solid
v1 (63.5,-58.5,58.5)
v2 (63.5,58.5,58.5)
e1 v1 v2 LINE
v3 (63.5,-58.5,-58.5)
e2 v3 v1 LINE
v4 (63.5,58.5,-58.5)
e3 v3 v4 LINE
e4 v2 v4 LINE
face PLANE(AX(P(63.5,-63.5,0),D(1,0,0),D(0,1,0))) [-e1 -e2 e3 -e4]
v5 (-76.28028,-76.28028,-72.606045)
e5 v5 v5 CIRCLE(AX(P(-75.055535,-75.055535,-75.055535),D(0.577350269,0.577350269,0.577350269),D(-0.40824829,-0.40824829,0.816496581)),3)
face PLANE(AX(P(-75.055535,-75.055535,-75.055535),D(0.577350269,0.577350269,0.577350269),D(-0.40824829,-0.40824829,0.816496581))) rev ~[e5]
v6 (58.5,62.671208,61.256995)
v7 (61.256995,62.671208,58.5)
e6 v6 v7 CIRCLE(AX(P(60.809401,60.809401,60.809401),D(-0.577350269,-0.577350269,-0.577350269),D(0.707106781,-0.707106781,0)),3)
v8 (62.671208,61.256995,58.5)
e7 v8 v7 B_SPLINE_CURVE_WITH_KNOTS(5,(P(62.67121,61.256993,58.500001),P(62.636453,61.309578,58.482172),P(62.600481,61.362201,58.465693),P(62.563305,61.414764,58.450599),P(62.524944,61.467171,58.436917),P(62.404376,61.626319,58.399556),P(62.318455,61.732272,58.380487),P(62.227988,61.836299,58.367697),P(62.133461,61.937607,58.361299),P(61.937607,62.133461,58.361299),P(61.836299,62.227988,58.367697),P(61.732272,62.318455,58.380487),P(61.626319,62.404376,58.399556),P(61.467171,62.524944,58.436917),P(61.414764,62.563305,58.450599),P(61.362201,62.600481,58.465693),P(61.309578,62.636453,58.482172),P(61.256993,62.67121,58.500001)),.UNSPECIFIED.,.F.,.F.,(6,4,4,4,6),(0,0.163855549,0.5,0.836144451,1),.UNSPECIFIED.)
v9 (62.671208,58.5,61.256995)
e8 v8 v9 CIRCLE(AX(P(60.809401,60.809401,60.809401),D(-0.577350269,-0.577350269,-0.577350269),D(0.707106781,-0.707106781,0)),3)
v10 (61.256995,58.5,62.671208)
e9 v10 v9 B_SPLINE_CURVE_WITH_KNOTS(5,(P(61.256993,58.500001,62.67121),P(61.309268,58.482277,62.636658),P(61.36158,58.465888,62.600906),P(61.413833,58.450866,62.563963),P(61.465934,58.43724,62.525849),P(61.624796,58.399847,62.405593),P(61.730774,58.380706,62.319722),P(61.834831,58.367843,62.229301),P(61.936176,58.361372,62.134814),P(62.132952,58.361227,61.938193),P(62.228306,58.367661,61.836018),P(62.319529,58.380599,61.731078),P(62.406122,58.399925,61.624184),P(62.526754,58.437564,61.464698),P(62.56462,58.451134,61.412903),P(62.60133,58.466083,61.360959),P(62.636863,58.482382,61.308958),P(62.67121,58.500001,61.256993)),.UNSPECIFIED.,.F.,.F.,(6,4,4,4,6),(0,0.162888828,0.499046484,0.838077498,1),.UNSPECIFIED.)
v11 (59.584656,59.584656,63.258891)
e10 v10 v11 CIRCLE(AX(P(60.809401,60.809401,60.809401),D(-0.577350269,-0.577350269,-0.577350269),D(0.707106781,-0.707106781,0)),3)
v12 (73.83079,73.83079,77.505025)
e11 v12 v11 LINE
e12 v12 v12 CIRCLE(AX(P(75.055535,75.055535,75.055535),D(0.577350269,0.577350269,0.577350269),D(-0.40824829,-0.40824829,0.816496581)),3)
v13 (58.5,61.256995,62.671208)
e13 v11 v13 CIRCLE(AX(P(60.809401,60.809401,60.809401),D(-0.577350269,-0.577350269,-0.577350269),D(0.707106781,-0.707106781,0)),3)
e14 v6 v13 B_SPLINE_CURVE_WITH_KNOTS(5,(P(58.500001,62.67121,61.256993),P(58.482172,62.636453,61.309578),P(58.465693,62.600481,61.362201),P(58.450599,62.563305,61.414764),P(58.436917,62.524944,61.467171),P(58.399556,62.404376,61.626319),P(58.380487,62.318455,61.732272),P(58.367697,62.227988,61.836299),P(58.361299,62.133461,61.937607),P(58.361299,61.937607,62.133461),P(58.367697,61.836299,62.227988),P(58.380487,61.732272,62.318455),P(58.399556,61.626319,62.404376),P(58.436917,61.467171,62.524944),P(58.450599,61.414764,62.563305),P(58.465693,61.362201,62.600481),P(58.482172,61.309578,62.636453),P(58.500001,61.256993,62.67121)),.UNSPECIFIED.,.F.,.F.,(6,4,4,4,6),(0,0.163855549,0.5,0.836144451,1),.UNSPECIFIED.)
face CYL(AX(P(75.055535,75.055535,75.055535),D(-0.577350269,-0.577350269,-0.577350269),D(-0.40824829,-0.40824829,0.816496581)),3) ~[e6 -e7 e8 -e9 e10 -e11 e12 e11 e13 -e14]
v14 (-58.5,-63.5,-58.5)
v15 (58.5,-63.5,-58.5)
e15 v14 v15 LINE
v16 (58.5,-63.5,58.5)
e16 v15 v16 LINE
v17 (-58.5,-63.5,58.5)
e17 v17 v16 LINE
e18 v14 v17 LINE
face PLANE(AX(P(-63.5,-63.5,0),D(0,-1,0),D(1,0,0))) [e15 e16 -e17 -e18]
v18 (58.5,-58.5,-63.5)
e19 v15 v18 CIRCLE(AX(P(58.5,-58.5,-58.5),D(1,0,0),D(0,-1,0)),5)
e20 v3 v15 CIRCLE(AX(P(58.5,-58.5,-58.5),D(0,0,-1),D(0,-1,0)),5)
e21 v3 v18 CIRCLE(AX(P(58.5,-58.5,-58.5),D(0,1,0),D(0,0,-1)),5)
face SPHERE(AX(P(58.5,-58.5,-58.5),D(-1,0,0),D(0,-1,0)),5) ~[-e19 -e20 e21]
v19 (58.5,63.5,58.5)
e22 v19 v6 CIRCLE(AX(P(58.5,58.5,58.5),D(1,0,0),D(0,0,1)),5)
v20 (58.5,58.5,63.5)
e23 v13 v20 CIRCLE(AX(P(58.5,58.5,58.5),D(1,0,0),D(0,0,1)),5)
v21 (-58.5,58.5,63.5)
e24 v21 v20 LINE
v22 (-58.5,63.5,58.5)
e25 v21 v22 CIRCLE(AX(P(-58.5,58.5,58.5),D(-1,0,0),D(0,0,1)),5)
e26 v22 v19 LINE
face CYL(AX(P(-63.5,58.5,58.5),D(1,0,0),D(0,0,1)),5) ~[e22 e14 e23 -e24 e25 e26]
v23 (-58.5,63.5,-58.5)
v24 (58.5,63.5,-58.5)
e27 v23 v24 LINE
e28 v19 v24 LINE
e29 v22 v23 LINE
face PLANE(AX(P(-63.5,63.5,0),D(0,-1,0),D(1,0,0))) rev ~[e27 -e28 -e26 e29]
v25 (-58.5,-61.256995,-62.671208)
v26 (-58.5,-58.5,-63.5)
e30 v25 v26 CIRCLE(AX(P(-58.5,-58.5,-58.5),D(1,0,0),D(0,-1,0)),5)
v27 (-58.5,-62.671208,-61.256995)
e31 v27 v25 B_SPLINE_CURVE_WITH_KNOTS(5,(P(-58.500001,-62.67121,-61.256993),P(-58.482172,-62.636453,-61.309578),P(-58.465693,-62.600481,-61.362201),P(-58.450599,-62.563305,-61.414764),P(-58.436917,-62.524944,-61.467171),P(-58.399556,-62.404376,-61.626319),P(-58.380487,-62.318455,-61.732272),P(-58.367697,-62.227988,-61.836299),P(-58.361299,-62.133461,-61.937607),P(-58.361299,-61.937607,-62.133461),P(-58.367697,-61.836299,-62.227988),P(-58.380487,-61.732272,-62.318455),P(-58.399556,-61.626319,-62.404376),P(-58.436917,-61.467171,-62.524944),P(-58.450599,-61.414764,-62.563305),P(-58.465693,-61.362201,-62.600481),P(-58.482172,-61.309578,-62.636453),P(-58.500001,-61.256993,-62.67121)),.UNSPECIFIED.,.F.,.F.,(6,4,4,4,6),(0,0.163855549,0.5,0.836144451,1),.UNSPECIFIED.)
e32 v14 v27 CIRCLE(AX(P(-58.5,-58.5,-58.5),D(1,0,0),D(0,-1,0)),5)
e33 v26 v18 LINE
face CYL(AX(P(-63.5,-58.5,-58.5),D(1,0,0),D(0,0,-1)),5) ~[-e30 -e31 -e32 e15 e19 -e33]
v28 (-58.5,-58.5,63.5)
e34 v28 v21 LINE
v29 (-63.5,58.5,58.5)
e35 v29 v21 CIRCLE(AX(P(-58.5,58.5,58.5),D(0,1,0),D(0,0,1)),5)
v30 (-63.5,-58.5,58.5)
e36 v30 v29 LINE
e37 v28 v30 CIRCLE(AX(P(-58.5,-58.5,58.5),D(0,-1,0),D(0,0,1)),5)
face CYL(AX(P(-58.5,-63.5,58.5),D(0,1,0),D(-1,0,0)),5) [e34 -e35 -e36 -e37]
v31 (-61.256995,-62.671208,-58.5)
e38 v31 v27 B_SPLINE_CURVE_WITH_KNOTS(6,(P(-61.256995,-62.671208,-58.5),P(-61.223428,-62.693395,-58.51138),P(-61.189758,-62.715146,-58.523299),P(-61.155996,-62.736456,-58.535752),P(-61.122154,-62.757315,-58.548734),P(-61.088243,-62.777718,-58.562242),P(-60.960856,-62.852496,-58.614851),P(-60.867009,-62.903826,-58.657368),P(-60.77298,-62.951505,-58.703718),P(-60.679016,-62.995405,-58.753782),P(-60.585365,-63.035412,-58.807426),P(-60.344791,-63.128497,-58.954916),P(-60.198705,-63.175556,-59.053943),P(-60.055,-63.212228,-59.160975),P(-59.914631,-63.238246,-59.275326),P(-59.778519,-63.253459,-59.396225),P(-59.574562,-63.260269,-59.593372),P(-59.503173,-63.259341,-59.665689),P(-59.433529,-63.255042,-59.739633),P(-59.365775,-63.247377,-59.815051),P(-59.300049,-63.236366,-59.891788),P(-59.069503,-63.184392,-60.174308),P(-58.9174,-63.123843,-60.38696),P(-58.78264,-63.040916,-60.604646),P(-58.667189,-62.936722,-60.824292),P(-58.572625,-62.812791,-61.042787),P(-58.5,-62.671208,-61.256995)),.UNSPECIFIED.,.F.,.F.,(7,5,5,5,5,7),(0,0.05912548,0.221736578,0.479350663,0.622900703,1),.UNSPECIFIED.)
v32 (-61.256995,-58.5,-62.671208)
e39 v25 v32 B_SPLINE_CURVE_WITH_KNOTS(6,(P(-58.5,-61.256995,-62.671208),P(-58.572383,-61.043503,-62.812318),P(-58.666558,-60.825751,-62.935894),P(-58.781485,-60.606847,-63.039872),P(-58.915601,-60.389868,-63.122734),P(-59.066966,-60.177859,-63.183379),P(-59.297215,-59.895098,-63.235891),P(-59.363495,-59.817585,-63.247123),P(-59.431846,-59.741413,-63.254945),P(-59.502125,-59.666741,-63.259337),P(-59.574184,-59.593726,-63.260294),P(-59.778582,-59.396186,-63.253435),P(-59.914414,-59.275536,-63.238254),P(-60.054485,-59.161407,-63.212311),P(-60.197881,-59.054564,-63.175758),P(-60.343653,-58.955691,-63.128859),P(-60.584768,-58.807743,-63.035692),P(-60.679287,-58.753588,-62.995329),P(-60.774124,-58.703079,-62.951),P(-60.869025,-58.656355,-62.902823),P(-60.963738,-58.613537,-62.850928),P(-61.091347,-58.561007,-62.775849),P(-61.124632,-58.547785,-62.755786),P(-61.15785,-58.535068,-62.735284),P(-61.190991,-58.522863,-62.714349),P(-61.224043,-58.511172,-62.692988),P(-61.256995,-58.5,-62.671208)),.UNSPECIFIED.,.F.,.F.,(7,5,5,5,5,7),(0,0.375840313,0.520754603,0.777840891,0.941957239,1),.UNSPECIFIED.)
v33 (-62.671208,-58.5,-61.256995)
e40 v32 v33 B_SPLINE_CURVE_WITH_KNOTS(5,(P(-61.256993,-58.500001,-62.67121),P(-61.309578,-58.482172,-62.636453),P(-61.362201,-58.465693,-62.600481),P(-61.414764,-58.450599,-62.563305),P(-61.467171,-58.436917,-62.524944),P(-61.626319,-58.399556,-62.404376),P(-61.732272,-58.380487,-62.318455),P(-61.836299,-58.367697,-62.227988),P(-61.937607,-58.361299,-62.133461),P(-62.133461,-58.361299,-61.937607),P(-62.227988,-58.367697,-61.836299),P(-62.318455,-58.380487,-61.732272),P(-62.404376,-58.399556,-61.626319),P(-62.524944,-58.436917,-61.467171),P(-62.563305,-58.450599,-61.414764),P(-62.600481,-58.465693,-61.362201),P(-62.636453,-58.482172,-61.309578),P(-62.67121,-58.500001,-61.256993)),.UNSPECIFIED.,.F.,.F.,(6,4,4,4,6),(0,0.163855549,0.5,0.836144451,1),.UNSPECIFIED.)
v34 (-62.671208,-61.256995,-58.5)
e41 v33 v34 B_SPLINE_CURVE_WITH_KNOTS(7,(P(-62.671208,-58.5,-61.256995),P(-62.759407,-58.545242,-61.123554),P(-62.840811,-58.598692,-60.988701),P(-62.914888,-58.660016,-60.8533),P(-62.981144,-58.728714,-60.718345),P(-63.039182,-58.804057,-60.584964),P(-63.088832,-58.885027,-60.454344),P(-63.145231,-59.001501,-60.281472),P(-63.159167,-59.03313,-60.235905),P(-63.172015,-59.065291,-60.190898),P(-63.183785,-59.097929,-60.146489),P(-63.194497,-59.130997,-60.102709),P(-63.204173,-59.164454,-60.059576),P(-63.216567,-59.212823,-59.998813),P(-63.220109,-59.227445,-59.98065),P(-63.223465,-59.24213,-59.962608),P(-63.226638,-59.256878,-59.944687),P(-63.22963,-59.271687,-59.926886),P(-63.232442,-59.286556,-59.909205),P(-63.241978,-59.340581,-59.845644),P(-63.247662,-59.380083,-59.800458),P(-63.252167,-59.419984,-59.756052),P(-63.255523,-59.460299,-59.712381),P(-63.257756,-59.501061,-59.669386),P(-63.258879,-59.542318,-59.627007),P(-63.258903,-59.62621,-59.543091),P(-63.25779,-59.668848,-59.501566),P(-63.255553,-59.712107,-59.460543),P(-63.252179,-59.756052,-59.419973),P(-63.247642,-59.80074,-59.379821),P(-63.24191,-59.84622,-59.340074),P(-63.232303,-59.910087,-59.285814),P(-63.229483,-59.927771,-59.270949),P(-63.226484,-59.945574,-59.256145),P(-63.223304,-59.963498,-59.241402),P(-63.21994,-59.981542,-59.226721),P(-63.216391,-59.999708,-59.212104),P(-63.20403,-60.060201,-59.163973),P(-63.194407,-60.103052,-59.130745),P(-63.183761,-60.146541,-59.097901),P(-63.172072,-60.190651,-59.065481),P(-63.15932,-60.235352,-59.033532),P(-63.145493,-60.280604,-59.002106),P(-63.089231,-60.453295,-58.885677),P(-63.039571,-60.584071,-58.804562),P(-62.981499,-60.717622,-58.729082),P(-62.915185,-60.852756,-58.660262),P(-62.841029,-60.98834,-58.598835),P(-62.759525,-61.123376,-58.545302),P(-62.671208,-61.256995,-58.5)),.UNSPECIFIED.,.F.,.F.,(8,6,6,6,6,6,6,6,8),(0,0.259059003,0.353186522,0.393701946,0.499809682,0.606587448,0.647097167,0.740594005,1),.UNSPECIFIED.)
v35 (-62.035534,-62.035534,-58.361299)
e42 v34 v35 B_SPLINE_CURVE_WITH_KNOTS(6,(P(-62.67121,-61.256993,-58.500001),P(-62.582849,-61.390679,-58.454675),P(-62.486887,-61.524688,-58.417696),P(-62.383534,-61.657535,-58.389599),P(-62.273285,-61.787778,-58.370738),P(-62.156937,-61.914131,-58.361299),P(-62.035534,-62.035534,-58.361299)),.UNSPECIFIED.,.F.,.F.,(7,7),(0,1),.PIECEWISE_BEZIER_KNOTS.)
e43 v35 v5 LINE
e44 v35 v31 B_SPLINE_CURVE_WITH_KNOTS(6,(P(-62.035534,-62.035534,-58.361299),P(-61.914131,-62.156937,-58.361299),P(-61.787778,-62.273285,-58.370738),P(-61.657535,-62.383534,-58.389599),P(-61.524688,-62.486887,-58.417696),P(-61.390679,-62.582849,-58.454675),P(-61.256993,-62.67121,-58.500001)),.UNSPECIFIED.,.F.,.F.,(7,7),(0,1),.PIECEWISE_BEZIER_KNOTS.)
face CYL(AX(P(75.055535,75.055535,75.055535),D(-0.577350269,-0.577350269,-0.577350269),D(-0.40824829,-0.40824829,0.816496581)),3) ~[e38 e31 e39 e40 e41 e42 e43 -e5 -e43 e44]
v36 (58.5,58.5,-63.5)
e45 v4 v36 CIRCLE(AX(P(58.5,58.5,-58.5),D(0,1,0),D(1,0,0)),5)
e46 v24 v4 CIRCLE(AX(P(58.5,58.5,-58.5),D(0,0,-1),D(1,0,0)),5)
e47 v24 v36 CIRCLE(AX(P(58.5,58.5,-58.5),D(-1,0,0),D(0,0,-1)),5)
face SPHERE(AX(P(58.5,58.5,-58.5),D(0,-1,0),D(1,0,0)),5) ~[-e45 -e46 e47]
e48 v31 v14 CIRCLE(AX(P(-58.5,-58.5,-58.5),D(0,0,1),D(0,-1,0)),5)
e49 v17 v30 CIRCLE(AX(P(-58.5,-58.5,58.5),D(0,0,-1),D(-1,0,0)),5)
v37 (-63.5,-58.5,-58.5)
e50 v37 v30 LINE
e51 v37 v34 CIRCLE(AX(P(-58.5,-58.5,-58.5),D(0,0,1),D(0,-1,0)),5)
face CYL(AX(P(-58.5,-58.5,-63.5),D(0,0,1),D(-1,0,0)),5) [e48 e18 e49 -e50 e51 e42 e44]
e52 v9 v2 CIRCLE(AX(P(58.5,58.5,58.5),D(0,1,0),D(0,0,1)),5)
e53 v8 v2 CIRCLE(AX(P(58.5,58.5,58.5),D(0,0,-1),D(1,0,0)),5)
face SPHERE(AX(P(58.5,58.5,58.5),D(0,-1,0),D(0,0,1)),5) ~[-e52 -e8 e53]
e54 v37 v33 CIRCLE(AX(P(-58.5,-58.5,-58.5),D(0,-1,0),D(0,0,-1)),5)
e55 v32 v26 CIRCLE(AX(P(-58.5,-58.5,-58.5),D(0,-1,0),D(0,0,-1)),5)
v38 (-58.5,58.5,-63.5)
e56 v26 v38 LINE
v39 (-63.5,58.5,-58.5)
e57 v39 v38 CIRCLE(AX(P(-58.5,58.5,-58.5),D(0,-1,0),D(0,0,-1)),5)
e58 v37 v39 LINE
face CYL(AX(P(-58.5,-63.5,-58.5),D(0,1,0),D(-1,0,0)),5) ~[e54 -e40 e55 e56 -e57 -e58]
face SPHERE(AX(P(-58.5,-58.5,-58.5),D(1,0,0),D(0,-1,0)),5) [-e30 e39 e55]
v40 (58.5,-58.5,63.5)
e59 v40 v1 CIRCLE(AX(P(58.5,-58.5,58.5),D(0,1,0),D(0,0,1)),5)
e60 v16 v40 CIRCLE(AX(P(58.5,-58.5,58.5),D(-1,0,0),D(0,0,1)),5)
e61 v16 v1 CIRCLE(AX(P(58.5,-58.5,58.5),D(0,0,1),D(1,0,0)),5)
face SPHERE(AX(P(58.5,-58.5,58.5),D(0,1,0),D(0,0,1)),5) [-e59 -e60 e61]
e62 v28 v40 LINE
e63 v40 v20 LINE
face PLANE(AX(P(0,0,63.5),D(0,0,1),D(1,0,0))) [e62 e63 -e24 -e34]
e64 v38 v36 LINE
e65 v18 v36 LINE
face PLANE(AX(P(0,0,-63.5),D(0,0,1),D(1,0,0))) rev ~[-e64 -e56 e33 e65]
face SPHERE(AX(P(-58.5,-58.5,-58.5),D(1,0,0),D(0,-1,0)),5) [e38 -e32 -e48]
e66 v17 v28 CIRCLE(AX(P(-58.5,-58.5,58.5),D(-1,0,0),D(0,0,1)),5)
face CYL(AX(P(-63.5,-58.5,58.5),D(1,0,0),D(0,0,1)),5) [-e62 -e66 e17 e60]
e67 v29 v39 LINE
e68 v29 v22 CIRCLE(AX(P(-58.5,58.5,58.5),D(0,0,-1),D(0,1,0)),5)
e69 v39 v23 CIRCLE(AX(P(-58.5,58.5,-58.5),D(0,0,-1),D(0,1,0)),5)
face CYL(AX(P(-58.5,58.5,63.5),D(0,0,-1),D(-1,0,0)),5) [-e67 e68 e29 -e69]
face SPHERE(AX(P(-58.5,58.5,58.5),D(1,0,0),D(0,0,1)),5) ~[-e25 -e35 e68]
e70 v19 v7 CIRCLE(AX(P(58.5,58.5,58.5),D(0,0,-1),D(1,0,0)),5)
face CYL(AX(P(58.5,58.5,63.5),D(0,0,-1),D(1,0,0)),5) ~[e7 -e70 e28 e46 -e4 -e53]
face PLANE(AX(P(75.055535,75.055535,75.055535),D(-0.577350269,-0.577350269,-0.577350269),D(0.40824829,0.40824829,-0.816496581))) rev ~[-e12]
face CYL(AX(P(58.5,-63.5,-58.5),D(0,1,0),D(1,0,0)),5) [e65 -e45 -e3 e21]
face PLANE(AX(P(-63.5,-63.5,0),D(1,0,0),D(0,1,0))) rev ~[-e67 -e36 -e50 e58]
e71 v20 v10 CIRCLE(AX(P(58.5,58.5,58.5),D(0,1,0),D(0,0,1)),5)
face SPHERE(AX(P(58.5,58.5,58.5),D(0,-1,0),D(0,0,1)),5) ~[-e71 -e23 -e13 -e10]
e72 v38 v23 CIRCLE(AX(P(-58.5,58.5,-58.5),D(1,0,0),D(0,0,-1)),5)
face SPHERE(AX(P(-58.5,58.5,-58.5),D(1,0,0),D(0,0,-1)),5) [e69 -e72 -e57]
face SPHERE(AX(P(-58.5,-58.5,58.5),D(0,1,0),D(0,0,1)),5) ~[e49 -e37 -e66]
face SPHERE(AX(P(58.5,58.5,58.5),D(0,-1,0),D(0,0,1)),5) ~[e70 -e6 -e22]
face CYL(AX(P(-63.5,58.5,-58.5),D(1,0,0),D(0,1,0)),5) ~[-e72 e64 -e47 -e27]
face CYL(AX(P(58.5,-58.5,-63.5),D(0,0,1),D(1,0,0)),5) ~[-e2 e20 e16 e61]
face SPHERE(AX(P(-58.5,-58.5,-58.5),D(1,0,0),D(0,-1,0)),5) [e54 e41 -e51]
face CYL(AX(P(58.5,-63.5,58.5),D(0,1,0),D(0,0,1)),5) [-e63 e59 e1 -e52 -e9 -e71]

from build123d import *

# Parameters (mm, degrees)
F0_W     = 127
F0_H     = 127
F1_DEPTH = 63.5
F4_R     = 5


with BuildPart() as f1:
    # F0 (on Top) → F1 (new body, symmetric)
    with BuildSketch(Plane.XY):
        Rectangle(F0_W, F0_H)
    extrude(amount=F1_DEPTH, both=True)

    # F4
    f4_edges = [f1.edges().sort_by_distance(p)[0] for p in [
        (63.5, 0, 63.5),
        (0, 63.5, 63.5),
        (-63.5, 0, 63.5),
        (0, -63.5, 63.5),
        (0, -63.5, -63.5),
        (63.5, -63.5, 0),
        (-63.5, -63.5, 0),
        (63.5, 0, -63.5),
        (63.5, 63.5, 0),
        (0, 63.5, -63.5),
        (-63.5, 0, -63.5),
        (-63.5, 63.5, 0),
    ]]
    fillet(f4_edges, radius=F4_R)

    # F3 (on 3pt) → F5 (revolve)
    with BuildSketch(Plane(origin=(0, 0, 0), x_dir=(0.7071067812, 0.7071067812, 0), z_dir=(0.7071067812, -0.7071067812, 0))):
        Polygon((-106.1445555206, -75.0555349947), (106.1445555206, 75.0555349947), (104.412504713, 77.5050247374), (-107.8766063282, -72.6060452519), align=None)
    revolve(axis=Axis((0, 0, 0), (0.5773502692, 0.5773502692, 0.5773502692)))


solid = f1.part
